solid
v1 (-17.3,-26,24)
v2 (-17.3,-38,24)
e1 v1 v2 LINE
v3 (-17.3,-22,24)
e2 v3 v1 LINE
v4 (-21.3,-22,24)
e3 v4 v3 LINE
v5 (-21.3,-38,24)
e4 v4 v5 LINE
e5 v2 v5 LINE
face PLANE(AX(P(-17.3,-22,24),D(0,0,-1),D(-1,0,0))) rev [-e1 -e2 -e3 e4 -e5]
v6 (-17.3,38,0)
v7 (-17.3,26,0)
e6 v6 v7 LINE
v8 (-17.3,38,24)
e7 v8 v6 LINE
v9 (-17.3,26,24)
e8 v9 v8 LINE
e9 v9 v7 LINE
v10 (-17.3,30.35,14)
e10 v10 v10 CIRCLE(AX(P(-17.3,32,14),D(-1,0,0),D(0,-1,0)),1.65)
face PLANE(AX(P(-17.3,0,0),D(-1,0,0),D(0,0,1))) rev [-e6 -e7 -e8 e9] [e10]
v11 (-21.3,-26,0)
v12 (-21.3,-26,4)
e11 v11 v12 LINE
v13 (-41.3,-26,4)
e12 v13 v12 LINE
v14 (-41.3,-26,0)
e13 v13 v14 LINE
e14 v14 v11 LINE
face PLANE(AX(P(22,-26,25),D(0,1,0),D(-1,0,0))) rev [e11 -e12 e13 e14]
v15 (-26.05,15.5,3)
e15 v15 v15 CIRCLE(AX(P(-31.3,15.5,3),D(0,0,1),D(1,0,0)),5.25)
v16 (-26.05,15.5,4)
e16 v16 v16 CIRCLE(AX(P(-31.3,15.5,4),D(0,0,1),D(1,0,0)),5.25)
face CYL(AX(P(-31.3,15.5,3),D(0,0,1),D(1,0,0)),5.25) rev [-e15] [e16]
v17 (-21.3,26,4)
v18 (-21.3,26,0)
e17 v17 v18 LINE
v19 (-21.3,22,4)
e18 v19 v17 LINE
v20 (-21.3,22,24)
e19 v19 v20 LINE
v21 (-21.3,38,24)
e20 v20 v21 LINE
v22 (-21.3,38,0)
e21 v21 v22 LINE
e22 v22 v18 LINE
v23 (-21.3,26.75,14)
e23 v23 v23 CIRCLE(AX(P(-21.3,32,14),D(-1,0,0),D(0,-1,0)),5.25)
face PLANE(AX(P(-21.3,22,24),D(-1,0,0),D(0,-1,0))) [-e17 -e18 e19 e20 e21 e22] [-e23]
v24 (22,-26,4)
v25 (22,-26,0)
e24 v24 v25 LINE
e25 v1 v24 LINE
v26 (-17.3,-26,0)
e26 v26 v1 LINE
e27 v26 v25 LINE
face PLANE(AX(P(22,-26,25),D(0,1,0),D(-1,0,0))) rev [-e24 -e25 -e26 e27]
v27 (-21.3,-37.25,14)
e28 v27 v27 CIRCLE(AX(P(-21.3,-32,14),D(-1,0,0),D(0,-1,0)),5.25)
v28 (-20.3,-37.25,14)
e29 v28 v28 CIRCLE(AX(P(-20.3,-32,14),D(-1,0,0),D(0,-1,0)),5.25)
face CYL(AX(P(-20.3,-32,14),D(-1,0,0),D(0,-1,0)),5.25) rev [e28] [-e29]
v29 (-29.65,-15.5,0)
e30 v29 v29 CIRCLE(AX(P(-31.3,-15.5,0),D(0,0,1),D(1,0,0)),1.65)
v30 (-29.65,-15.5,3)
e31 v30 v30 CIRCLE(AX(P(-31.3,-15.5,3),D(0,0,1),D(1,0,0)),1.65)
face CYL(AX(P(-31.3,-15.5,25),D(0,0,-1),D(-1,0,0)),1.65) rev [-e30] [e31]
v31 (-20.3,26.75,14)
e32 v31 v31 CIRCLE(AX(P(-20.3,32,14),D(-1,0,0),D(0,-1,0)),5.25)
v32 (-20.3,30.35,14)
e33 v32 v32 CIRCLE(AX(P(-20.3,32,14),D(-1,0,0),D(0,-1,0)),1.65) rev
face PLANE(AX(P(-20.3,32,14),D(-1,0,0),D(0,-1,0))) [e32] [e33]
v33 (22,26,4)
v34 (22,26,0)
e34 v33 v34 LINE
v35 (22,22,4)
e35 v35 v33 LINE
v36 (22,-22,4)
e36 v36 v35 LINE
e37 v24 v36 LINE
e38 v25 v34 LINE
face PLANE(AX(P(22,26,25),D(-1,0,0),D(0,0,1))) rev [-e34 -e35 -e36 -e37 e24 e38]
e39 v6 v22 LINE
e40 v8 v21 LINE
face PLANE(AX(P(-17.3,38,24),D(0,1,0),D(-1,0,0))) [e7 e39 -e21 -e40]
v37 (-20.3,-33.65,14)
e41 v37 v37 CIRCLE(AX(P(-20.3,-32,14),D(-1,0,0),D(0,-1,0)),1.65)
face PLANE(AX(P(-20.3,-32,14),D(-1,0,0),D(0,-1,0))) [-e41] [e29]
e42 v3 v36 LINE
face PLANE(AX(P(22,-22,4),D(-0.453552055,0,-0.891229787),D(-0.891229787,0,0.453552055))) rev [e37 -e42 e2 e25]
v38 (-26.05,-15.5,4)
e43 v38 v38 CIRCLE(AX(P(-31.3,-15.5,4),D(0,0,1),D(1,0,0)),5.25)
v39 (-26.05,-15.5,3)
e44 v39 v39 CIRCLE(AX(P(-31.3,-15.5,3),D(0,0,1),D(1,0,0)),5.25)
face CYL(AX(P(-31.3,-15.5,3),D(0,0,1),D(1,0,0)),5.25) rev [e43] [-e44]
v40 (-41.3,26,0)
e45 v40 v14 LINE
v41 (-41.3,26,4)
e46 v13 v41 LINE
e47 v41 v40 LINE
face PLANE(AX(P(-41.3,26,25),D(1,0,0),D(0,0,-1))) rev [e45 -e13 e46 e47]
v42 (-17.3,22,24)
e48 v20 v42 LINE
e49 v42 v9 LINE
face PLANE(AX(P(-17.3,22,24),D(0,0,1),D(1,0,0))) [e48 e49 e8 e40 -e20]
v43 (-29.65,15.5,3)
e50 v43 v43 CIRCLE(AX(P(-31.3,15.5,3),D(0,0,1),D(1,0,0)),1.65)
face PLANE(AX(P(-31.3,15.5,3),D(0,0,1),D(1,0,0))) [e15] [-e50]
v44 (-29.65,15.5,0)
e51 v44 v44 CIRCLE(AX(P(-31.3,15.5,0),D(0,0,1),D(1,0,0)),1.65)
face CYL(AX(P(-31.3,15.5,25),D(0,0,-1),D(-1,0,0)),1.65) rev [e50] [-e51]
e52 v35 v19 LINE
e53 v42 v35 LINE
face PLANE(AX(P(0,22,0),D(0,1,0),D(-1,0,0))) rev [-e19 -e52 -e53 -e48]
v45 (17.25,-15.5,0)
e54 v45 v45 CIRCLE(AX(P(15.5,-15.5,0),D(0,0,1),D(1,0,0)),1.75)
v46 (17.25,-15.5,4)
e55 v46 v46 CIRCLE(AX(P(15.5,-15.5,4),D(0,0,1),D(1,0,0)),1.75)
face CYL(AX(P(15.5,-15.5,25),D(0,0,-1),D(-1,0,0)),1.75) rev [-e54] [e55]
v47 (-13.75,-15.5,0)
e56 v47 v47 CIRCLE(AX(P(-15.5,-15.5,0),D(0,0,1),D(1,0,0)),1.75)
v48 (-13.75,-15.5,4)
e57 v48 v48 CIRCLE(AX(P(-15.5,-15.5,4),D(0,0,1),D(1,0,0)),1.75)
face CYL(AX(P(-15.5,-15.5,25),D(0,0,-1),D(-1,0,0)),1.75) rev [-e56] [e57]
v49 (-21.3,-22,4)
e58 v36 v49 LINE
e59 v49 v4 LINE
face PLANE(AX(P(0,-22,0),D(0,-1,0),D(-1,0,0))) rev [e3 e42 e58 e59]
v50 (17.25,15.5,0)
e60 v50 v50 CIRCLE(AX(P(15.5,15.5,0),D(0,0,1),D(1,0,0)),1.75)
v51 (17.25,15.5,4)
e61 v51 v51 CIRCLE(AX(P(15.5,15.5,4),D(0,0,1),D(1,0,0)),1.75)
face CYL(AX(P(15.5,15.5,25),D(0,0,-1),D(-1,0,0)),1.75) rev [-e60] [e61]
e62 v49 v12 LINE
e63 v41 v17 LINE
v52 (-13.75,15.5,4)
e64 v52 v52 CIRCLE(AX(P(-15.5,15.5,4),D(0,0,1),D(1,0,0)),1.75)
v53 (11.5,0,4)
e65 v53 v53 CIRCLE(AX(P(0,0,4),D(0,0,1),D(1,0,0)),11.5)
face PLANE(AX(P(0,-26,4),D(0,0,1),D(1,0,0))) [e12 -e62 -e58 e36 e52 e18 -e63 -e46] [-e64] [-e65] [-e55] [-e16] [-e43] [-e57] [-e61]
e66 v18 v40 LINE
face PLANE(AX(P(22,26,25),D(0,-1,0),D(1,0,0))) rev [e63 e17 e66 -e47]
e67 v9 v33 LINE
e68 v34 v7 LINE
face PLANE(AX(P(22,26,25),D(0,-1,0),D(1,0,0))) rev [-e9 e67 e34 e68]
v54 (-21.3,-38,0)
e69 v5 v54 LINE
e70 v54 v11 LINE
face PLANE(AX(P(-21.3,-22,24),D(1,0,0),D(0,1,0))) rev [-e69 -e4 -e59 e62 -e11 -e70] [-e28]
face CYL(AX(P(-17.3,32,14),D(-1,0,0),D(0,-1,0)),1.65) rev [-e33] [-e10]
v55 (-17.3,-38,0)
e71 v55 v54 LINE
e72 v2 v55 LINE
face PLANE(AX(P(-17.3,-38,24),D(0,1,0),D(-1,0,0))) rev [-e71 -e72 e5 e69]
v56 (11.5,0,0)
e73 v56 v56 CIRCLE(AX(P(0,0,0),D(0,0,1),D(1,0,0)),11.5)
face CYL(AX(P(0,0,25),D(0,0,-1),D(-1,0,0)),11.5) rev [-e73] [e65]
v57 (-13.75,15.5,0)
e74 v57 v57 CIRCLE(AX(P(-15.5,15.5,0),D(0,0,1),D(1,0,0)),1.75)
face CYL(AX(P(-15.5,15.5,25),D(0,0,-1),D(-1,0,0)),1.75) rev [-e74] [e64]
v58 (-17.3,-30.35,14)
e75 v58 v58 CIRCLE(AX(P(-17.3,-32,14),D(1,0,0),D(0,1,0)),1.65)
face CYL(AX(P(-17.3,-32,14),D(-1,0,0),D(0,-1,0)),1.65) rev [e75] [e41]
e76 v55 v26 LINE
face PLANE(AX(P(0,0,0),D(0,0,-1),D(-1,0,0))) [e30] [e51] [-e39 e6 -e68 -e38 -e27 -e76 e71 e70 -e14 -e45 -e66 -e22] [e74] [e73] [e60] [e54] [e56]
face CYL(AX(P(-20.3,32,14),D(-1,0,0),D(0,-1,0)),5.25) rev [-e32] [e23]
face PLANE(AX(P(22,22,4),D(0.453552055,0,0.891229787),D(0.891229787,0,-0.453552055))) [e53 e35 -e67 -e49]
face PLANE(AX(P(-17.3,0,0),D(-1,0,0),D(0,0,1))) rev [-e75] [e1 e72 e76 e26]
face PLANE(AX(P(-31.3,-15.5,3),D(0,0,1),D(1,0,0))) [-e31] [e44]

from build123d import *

# Parameters (mm, degrees)
ESBO_O1_W                  = 63.3
ESBO_O1_H                  = 52
ESBO_O1_R                  = 11.5
ESBO_O1_R_2                = 1.75
ESBO_O1_R_3                = 1.65
RESSALTO_EXTRUS_O1_DEPTH   = 25
ESBO_O2_W                  = 13.3
ESBO_O2_H                  = 21
CORTE_EXTRUS_O1_DEPTH      = 27
CORTE_EXTRUS_O1_DEPTH_BACK = 27
RESSALTO_EXTRUS_O2_DEPTH   = 4
ESBO_O4_W                  = 24
ESBO_O4_H                  = 16
ESBO_O4_R                  = 1.65
RESSALTO_EXTRUS_O3_DEPTH   = 4
ESBO_O5_R                  = 5.25
CORTE_EXTRUS_O2_DEPTH      = 1
ESBO_O6_R                  = 5.25
CORTE_EXTRUS_O3_DEPTH      = 1


with BuildPart() as part:
    # Esboço1 → Ressalto-extrusão1 (new body)
    with BuildSketch(Plane.XY):
        with Locations((-9.65, 0)):
            Rectangle(ESBO_O1_W, ESBO_O1_H)
        Circle(ESBO_O1_R, mode=Mode.SUBTRACT)
        with Locations((-15.5, 15.5)):
            Circle(ESBO_O1_R_2, mode=Mode.SUBTRACT)
        with Locations((15.5, 15.5)):
            Circle(ESBO_O1_R_2, mode=Mode.SUBTRACT)
        with Locations((15.5, -15.5)):
            Circle(ESBO_O1_R_2, mode=Mode.SUBTRACT)
        with Locations((-15.5, -15.5)):
            Circle(ESBO_O1_R_2, mode=Mode.SUBTRACT)
        with Locations((-31.3, -15.5)):
            Circle(ESBO_O1_R_3, mode=Mode.SUBTRACT)
        with Locations((-31.3, 15.5)):
            Circle(ESBO_O1_R_3, mode=Mode.SUBTRACT)
    extrude(amount=RESSALTO_EXTRUS_O1_DEPTH)

    # Esboço2 → Corte-extrusão1 (cut, two sides)
    with BuildSketch(Plane(origin=(0, 0, 0), x_dir=(1, 0, 0), z_dir=(0, 1, 0))) as corte_extrus_o1_sk:
        with Locations((-34.65, -14.5)):
            Rectangle(ESBO_O2_W, ESBO_O2_H)
        Polygon((-23, -25), (22, -25), (22, -4), align=None)
        Polygon((-23, -25), (22, -4), (-23, -4), (-28, -4), (-28, -25), align=None)
    extrude(amount=CORTE_EXTRUS_O1_DEPTH, mode=Mode.SUBTRACT)
    extrude(corte_extrus_o1_sk.sketch, amount=-CORTE_EXTRUS_O1_DEPTH_BACK, mode=Mode.SUBTRACT)

    # Esboço3 → Ressalto-extrusão2 (add)
    with BuildSketch(Plane(origin=(0, 26, 0), x_dir=(1, 0, 0), z_dir=(0, 1, 0))):
        Polygon((22, -4), (-17.3, -24), (-21.3, -24), (-21.3, -4), align=None)
    ressalto_extrus_o2 = extrude(amount=-RESSALTO_EXTRUS_O2_DEPTH)

    # Esboço4 → Ressalto-extrusão3 (add)
    with BuildSketch(Plane.ZY.offset(21.3)):
        with Locations((12, 30)):
            Rectangle(ESBO_O4_W, ESBO_O4_H)
        with Locations((14, 32)):
            Circle(ESBO_O4_R, mode=Mode.SUBTRACT)
    ressalto_extrus_o3 = extrude(amount=-RESSALTO_EXTRUS_O3_DEPTH)

    # Espelhar1: Ressalto-extrusão2, Ressalto-extrusão3 across plane
    add(ressalto_extrus_o2.mirror(Plane.ZX))
    add(ressalto_extrus_o3.mirror(Plane.ZX))

    # Esboço5 → Corte-extrusão2 (cut)
    with BuildSketch(Plane.ZY.offset(21.3)):
        with Locations((14, -32)):
            Circle(ESBO_O5_R)
        with Locations((14, 32)):
            Circle(ESBO_O5_R)
    extrude(amount=-CORTE_EXTRUS_O2_DEPTH, mode=Mode.SUBTRACT)

    # Esboço6 → Corte-extrusão3 (cut)
    with BuildSketch(Plane.XY.offset(4)):
        with Locations((-31.3, 15.5)):
            Circle(ESBO_O6_R)
        with Locations((-31.3, -15.5)):
            Circle(ESBO_O6_R)
    extrude(amount=-CORTE_EXTRUS_O3_DEPTH, mode=Mode.SUBTRACT)


solid = part.part
